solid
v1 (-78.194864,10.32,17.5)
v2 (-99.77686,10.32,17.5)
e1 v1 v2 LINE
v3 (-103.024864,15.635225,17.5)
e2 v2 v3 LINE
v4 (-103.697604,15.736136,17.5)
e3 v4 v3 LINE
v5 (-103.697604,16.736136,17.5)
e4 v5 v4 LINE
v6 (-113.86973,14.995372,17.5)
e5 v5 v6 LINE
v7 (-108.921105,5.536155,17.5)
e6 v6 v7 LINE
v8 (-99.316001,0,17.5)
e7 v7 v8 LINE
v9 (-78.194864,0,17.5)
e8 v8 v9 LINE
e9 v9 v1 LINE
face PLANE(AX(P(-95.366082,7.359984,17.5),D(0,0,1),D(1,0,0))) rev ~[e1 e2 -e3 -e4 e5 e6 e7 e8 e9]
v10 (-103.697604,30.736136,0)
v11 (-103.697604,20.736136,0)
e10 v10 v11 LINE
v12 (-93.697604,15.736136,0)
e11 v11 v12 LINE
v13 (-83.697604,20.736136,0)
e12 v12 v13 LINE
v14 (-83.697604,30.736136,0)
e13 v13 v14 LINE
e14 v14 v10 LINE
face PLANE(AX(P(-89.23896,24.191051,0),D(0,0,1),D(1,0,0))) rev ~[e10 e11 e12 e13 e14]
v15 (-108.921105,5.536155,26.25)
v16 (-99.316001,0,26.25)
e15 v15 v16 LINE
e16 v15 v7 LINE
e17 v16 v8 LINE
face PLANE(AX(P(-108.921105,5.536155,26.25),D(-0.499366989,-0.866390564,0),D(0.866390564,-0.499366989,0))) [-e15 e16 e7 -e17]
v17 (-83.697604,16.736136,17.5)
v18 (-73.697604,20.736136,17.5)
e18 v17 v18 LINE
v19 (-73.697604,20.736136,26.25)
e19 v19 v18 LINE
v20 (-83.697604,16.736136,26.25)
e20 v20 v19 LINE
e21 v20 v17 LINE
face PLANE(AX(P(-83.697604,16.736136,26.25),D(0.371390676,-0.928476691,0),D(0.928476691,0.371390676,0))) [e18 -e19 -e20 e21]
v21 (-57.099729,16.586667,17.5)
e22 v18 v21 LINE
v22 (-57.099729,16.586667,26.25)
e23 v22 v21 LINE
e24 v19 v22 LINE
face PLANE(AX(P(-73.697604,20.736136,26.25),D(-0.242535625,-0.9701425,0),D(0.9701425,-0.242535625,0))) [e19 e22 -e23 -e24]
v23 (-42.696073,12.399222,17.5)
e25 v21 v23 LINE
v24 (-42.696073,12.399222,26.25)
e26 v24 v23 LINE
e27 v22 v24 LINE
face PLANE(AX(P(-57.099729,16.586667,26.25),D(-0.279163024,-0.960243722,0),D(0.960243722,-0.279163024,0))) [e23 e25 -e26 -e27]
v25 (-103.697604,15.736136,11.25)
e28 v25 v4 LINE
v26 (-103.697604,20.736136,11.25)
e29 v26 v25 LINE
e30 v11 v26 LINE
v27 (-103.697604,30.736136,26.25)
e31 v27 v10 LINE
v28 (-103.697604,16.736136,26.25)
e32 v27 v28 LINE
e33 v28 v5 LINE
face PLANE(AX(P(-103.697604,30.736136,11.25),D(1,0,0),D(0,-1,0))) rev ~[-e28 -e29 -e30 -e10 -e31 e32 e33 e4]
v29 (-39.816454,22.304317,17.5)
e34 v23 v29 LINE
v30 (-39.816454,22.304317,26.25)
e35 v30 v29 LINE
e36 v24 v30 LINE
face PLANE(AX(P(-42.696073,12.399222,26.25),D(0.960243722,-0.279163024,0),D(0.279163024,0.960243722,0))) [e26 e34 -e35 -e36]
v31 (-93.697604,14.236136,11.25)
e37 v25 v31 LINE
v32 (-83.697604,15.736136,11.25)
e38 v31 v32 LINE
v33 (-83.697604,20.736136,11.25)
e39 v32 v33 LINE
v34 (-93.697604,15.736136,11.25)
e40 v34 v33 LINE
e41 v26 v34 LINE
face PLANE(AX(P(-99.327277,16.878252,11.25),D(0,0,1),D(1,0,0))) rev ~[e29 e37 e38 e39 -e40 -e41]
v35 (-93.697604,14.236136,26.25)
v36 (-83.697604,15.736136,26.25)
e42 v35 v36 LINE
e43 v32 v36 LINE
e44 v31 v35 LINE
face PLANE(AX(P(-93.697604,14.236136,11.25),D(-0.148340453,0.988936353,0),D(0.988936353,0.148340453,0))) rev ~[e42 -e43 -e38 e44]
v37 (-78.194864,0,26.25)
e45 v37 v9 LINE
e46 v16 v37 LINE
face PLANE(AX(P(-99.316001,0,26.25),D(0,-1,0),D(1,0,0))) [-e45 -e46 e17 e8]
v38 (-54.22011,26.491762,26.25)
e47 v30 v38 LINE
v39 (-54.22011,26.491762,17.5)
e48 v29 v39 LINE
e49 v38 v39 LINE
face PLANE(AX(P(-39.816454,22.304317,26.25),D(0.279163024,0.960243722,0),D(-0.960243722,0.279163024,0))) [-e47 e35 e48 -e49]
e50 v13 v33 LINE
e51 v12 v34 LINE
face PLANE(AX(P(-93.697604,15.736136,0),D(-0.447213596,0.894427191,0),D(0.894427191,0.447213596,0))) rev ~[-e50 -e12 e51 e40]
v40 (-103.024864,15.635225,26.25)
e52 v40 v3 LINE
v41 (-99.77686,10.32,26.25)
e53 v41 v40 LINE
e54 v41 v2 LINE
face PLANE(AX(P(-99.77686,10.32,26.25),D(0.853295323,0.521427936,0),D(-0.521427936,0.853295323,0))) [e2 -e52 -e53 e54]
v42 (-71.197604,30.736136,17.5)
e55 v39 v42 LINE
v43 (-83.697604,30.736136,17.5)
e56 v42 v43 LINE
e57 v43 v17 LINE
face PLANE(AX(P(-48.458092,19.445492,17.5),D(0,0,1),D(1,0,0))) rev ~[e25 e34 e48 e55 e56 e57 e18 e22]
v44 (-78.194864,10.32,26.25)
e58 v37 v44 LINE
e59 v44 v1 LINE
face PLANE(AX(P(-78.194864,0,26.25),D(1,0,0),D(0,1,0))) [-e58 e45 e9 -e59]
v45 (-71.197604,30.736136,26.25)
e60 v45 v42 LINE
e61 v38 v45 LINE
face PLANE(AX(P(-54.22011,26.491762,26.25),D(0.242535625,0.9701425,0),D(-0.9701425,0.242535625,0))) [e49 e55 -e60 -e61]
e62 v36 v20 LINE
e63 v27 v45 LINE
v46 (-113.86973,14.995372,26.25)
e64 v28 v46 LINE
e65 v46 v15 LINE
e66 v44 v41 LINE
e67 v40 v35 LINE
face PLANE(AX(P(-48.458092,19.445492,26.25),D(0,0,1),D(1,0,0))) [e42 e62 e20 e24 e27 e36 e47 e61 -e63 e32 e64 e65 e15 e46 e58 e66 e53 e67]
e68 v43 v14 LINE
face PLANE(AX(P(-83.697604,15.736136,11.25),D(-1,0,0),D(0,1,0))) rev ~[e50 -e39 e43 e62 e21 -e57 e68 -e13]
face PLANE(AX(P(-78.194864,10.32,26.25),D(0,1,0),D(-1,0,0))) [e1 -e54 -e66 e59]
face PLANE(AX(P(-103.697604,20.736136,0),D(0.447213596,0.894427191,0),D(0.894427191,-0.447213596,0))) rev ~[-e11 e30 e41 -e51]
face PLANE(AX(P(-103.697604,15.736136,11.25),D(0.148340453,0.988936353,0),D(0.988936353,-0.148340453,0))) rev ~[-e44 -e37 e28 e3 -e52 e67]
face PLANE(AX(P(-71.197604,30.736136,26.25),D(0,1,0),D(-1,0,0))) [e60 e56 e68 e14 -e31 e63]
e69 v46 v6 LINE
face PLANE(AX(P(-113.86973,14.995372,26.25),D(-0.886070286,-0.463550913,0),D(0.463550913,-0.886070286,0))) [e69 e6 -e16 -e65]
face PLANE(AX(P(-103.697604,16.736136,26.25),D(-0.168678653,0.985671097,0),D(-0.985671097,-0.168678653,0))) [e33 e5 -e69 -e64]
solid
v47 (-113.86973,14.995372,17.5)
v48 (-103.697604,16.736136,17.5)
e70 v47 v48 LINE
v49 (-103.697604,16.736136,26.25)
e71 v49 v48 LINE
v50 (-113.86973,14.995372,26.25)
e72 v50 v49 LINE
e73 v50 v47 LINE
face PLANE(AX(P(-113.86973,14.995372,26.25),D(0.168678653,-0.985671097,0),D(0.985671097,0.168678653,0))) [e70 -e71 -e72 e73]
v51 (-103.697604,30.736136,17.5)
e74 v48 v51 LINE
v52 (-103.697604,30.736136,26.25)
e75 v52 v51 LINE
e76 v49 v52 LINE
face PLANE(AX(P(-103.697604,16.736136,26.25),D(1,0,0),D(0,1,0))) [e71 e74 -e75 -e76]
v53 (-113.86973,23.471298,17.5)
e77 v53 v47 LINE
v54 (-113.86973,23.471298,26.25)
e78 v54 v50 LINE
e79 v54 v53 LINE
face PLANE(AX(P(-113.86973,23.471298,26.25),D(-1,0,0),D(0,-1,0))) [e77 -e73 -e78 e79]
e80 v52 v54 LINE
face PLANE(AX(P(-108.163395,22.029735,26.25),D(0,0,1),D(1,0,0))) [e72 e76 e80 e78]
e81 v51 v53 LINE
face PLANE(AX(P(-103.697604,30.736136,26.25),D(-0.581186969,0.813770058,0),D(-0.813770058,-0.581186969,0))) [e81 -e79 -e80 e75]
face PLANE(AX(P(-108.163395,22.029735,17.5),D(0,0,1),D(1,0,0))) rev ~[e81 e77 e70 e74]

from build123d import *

# Parameters (mm, degrees)
F1_DEPTH  = 11.25
F3_DEPTH  = 15
F5_DEPTH  = 8.75
F7_DEPTH  = 8.75
F9_DEPTH  = 8.75
F11_DEPTH = 8.75
F13_DEPTH = 8.75


with BuildPart() as f1:
    # F0 (on Top) → F1 (new body)
    with BuildSketch(Plane.XY):
        Polygon((-83.697603792, 30.7361355424), (-93.697603792, 30.7361355424), (-93.697603792, 15.7361355424), (-83.697603792, 20.7361355424), align=None)
        Polygon((-93.697603792, 30.7361355424), (-103.697603792, 30.7361355424), (-103.697603792, 20.7361355424), (-93.697603792, 15.7361355424), align=None)
    extrude(amount=F1_DEPTH)

    # F2 (on face) → F3 (join)
    with BuildSketch(Plane.XY.offset(11.25)):
        Polygon((-93.697603792, 15.7361355424), (-103.697603792, 20.7361355424), (-103.697603792, 15.7361355424), (-93.697603792, 14.2361355424), align=None)
        Polygon((-93.697603792, 30.7361355424), (-103.697603792, 30.7361355424), (-103.697603792, 20.7361355424), (-93.697603792, 15.7361355424), align=None)
        Polygon((-83.697603792, 20.7361355424), (-93.697603792, 15.7361355424), (-93.697603792, 14.2361355424), (-83.697603792, 15.7361355424), align=None)
        Polygon((-83.697603792, 30.7361355424), (-93.697603792, 30.7361355424), (-93.697603792, 15.7361355424), (-83.697603792, 20.7361355424), align=None)
    extrude(amount=F3_DEPTH)

    # F4 (on face) → F5 (join)
    with BuildSketch(Plane.XY.offset(26.25)):
        Polygon((-71.197603792, 30.7361355424), (-83.697603792, 30.7361355424), (-83.697603792, 16.7361355424), (-73.697603792, 20.7361355424), align=None)
    extrude(amount=-F5_DEPTH)

    # F8 (on face) → F9 (join)
    with BuildSketch(Plane.XY.offset(26.25)):
        Polygon((-71.197603792, 30.7361355424), (-73.697603792, 20.7361355424), (-57.0997293118, 16.5866669224), (-54.2201100394, 26.4917621043), align=None)
    extrude(amount=-F9_DEPTH)

    # F10 (on face) → F11 (join)
    with BuildSketch(Plane.XY.offset(26.25)):
        Polygon((-103.697603792, 16.7361355424), (-113.8697295168, 14.9953718484), (-108.9211053768, 5.5361545759), (-99.3160009384, 0), (-78.1948640943, 0), (-78.1948640943, 10.32), (-99.7768600302, 10.32), align=None)
    extrude(amount=-F11_DEPTH)

    # F12 (on face) → F13 (join)
    with BuildSketch(Plane.XY.offset(26.25)):
        Polygon((-54.2201100394, 26.4917621043), (-57.0997293118, 16.5866669224), (-42.6960734807, 12.3992215558), (-39.8164542083, 22.3043167377), align=None)
    extrude(amount=-F13_DEPTH)


with BuildPart() as f7:
    # F6 (on face) → F7 (new body)
    with BuildSketch(Plane.XY.offset(26.25)):
        Polygon((-103.697603792, 16.7361355424), (-103.697603792, 30.7361355424), (-113.8697295168, 23.4712984321), (-113.8697295168, 14.9953718484), align=None)
    extrude(amount=-F7_DEPTH)


solid = Compound([f1.part, f7.part])
